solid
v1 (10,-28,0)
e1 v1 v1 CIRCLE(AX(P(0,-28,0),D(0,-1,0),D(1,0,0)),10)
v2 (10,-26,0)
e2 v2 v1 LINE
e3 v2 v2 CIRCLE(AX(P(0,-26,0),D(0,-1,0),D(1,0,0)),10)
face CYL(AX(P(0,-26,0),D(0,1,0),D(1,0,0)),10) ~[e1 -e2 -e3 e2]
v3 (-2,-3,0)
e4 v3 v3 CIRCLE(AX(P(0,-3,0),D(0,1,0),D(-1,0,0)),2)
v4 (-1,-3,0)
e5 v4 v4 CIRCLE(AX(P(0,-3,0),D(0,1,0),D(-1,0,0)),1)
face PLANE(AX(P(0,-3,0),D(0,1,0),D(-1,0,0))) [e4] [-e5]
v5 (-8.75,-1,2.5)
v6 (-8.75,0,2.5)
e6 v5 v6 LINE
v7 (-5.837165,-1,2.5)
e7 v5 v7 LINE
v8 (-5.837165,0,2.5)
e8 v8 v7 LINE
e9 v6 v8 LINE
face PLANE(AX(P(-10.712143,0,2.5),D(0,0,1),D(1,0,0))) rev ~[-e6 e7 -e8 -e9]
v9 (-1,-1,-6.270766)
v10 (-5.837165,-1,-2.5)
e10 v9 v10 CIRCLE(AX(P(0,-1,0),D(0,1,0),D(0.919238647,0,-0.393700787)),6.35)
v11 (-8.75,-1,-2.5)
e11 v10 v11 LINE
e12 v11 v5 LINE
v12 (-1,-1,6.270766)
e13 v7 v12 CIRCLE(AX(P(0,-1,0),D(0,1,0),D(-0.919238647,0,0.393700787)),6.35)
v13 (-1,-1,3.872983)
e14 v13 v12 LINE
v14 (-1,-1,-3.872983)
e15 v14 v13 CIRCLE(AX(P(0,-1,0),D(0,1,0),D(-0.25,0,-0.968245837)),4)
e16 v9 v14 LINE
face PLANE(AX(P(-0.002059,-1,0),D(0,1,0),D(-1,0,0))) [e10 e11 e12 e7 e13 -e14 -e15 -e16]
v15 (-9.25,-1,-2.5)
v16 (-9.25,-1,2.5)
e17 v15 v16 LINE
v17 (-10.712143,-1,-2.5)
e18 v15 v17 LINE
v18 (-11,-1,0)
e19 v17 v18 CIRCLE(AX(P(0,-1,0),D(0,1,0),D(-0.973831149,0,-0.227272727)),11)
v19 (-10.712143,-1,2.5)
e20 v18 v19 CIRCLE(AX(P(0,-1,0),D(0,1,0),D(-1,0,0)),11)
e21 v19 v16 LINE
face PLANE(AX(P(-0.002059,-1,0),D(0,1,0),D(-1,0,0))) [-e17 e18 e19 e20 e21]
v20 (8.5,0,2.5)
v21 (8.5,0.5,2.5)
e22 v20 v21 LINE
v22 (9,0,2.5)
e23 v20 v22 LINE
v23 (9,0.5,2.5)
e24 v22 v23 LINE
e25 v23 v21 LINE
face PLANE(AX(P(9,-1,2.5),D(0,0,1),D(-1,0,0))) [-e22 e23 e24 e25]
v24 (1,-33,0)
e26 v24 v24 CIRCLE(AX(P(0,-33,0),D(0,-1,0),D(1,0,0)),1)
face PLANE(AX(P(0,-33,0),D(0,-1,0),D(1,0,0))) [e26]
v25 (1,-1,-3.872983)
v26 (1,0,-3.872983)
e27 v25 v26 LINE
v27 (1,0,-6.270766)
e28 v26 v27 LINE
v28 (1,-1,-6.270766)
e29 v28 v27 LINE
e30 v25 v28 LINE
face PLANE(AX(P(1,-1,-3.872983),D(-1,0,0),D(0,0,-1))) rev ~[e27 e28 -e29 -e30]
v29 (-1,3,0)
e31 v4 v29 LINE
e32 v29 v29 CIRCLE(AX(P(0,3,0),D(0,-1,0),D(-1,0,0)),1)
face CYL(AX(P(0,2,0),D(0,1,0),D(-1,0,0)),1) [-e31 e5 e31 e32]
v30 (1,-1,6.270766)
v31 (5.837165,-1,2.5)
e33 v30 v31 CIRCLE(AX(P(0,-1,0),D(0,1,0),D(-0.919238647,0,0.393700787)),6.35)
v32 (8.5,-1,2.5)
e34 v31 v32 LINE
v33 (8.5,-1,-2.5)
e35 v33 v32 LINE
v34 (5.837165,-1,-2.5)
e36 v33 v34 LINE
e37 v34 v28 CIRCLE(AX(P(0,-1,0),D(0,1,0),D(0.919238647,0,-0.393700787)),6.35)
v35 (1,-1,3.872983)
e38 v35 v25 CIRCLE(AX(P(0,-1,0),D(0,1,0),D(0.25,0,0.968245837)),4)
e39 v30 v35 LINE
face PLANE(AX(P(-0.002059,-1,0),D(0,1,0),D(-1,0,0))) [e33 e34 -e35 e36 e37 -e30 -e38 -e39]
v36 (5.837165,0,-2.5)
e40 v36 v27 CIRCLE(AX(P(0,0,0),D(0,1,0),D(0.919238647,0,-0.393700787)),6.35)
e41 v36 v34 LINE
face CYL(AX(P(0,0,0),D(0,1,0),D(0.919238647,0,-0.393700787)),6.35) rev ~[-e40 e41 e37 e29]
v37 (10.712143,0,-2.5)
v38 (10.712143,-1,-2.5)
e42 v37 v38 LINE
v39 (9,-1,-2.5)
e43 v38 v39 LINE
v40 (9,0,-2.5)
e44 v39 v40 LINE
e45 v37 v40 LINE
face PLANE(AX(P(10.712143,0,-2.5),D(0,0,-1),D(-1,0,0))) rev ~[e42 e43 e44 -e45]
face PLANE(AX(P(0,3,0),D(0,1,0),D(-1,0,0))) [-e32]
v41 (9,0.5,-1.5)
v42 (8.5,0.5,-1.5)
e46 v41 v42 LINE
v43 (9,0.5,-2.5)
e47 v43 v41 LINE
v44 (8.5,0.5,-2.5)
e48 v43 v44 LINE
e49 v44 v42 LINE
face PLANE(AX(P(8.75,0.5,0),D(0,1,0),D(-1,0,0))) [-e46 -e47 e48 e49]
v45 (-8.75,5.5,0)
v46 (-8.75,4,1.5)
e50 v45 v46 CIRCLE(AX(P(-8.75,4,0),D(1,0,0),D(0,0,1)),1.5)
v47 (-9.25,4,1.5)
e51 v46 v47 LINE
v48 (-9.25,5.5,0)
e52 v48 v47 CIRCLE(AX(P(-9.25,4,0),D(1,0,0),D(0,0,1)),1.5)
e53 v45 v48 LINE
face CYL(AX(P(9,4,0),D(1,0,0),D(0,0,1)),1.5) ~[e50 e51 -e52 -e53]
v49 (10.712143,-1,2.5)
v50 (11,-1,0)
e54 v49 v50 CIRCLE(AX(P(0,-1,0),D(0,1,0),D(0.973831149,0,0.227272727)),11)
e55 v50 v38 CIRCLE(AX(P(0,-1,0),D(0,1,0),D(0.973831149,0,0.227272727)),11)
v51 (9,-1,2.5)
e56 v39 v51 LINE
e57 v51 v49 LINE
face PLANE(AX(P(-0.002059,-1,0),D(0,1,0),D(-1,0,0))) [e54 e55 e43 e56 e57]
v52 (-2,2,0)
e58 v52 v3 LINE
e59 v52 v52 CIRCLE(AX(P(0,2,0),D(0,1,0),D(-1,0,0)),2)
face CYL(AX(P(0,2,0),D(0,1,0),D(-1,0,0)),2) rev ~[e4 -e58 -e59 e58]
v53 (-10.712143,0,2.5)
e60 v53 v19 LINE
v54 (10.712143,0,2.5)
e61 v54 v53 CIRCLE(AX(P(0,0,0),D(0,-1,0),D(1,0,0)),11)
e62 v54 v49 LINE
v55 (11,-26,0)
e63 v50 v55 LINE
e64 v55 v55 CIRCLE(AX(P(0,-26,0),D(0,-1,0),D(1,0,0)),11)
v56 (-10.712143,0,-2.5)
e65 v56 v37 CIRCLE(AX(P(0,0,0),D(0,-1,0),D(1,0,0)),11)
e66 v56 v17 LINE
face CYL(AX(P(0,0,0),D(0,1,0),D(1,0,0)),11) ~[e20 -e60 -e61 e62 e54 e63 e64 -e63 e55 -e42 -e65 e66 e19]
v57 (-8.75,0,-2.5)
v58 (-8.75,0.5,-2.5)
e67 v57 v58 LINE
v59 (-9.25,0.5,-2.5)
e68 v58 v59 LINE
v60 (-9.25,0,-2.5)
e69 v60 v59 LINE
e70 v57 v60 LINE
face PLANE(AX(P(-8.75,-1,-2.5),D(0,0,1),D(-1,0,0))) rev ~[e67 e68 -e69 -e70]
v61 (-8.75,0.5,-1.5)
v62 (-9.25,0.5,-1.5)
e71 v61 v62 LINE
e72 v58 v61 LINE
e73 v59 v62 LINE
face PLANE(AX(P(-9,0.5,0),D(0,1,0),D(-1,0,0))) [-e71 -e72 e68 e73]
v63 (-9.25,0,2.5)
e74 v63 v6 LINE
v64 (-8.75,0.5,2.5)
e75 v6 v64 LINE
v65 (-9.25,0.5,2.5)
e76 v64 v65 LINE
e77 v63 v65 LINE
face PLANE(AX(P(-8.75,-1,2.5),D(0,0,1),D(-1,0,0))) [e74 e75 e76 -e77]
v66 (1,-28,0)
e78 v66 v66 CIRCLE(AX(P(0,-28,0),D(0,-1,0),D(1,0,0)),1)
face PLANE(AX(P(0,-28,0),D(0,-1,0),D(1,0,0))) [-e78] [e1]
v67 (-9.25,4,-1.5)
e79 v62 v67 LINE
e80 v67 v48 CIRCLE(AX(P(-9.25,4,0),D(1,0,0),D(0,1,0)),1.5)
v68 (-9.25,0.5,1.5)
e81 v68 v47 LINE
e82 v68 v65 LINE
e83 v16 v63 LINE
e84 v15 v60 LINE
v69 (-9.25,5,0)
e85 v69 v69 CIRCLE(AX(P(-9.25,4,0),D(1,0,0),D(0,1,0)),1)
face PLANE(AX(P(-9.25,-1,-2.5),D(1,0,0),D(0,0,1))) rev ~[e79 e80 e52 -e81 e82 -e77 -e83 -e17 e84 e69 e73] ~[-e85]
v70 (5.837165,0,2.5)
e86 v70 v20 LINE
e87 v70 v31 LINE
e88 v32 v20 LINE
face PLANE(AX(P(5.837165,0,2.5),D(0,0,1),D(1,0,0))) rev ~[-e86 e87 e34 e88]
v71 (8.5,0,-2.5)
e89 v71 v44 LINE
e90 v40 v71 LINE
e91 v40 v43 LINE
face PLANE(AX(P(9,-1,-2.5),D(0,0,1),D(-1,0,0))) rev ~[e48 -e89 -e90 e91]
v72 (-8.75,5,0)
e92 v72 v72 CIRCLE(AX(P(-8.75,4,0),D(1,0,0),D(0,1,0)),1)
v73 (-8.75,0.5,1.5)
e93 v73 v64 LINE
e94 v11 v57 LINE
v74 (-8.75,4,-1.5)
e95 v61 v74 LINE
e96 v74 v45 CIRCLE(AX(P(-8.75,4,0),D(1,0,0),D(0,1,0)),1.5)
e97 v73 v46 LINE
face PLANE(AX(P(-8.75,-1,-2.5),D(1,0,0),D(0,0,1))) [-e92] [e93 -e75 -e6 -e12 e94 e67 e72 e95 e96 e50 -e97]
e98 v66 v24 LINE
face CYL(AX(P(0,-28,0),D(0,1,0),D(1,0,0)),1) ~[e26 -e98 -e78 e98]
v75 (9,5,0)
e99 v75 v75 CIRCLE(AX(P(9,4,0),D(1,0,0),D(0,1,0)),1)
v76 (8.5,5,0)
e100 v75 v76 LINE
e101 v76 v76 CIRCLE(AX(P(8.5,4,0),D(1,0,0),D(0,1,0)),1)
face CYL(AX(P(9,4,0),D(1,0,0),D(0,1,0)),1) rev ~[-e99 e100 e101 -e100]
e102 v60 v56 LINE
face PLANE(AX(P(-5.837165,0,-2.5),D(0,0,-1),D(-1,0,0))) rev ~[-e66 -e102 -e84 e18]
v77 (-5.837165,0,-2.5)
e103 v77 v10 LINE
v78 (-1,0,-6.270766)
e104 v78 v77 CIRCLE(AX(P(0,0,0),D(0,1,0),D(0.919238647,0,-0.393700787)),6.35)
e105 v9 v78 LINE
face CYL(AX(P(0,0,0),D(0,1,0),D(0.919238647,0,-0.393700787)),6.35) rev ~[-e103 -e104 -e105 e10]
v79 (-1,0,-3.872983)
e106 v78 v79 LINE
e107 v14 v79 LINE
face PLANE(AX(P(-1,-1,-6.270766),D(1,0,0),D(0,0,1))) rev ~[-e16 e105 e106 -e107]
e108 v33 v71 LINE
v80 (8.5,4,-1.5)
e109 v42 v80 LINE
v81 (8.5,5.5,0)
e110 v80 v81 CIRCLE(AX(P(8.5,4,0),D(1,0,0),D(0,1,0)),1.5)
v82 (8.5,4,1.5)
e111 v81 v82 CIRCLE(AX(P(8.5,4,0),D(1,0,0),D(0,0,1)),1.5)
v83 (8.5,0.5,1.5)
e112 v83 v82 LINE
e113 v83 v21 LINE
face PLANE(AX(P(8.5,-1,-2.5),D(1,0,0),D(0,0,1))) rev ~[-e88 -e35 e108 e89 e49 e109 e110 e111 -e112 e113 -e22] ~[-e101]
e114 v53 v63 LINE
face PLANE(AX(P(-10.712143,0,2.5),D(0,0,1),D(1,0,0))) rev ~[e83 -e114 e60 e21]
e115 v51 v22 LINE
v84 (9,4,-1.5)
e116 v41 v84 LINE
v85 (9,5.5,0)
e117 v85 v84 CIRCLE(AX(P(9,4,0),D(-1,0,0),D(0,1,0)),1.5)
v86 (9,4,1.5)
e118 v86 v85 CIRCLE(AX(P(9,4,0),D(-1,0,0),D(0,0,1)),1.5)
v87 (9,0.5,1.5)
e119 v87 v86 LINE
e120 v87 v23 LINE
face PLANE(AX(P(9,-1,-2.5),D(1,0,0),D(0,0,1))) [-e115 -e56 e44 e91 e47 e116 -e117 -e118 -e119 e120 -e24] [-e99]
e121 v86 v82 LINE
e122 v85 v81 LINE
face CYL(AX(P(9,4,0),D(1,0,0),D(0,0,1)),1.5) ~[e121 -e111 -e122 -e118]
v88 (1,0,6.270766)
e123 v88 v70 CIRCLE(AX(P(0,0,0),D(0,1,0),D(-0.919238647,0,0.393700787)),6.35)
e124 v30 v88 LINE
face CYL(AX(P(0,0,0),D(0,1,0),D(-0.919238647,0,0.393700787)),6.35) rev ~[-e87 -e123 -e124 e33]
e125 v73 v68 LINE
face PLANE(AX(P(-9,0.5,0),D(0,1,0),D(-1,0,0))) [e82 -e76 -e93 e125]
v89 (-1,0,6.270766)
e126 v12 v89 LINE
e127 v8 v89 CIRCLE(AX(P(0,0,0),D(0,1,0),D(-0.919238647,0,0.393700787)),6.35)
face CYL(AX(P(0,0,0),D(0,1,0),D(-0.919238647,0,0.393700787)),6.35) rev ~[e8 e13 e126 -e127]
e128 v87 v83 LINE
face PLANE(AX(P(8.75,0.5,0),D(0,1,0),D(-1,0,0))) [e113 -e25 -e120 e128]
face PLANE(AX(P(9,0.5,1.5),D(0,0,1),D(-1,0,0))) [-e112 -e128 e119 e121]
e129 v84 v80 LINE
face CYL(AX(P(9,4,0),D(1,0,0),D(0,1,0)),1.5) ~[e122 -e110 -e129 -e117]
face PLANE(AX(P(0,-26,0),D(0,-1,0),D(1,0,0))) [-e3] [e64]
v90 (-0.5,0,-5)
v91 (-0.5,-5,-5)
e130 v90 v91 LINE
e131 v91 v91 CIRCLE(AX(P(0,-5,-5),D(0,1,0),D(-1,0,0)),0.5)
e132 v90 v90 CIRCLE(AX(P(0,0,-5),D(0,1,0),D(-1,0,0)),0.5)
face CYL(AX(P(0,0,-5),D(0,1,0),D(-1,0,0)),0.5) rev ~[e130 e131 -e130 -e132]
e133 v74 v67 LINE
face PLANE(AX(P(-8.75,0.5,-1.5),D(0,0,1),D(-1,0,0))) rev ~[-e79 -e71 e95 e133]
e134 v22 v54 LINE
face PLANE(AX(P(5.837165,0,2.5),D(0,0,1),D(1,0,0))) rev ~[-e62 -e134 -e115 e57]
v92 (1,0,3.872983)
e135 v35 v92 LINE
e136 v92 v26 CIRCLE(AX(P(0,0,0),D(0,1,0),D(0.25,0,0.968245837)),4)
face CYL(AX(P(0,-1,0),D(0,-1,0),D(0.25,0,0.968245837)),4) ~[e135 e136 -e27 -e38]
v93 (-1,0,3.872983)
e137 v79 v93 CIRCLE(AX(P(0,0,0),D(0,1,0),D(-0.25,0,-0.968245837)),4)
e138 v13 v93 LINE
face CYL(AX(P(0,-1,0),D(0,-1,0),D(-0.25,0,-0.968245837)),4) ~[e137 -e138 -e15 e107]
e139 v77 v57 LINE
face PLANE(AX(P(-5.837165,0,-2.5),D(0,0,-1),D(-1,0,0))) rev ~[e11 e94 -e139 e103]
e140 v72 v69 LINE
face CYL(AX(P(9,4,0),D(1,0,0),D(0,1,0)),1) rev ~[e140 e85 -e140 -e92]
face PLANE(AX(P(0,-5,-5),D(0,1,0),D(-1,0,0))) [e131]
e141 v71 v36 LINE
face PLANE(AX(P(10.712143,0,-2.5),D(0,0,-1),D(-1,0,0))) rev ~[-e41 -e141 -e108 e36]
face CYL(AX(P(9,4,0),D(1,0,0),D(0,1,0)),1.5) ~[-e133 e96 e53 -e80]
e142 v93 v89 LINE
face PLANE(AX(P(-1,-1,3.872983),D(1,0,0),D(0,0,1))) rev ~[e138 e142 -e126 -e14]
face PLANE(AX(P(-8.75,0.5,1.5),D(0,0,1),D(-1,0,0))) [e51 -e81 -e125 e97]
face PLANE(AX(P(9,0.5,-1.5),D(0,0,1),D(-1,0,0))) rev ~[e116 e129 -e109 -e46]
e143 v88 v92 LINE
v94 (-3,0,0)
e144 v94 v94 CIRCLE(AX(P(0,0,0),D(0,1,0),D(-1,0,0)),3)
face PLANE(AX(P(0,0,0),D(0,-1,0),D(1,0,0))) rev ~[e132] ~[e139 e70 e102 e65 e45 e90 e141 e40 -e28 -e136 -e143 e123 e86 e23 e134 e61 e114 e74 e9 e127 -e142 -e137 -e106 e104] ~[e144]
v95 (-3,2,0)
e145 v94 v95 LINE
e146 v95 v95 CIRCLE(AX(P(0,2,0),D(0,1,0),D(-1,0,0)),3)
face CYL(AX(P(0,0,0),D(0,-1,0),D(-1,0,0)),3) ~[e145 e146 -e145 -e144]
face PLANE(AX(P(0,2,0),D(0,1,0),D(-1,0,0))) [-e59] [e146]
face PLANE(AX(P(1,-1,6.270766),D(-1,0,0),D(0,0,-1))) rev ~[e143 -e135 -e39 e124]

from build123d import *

# Parameters (mm, degrees)
F0_R      = 11
F1_DEPTH  = 26
F2_R      = 10
F3_DEPTH  = 2
F4_R      = 1
F5_DEPTH  = 5
F7_DEPTH  = 1
F9_DEPTH  = 1
F10_R     = 3
F11_DEPTH = 2
F12_R     = 2
F12_R_2   = 1
F13_DEPTH = 5
F14_DEPTH = 1
F15_R     = 0.5
F16_DEPTH = 5
F17_W     = 0.5
F17_H     = 5
F18_DEPTH = 1.5
F19_W     = 0.5
F19_H     = 3
F20_DEPTH = 5
F21_W     = 0.5
F21_H     = 5
F22_DEPTH = 1.5
F23_W     = 0.5
F23_H     = 3
F24_DEPTH = 5
F26_DEPTH = 20.001
F27_DEPTH = 20.001
F25_R     = 1
F28_DEPTH = 20.001


with BuildPart() as f1:
    # F0 (on Front) → F1 (new body)
    with BuildSketch(Plane.XZ):
        Circle(F0_R)
    extrude(amount=F1_DEPTH)

    # F2 (on face) → F3 (join)
    with BuildSketch(Plane.XZ.offset(26)):
        Circle(F2_R)
    extrude(amount=F3_DEPTH)

    # F4 (on face) → F5 (join)
    with BuildSketch(Plane.XZ.offset(28)):
        Circle(F4_R)
    extrude(amount=F5_DEPTH)

    # F6 (on face) → F7 (cut)
    with BuildSketch(Plane(origin=(0, 0, 0), x_dir=(-1, 0, 0), z_dir=(0, 1, 0))):
        with BuildLine():
            Line((-10.7121426428, -2.5), (-5.837165408, -2.5))
            ThreePointArc((-5.837165408, -2.5), (0, -6.35), (5.837165408, -2.5))
            Line((5.837165408, -2.5), (10.7121426428, -2.5))
            ThreePointArc((10.7121426428, -2.5), (10.9277987049, -1.258258902), (11, 0))
            ThreePointArc((11, 0), (10.9277987049, 1.258258902), (10.7121426428, 2.5))
            Line((10.7121426428, 2.5), (5.837165408, 2.5))
            ThreePointArc((5.837165408, 2.5), (0, 6.35), (-5.837165408, 2.5))
            Line((-5.837165408, 2.5), (-10.7121426428, 2.5))
            ThreePointArc((-10.7121426428, 2.5), (-11, 0), (-10.7121426428, -2.5))
        make_face()
    extrude(amount=-F7_DEPTH, mode=Mode.SUBTRACT)

    # F8 (on face) → F9 (join)
    with BuildSketch(Plane(origin=(0, -1, 0), x_dir=(-1, 0, 0), z_dir=(0, 1, 0))):
        with BuildLine():
            Line((-1, 6.2707655035), (-1, 3.8729833462))
            ThreePointArc((-1, 3.8729833462), (-4, 0), (-1, -3.8729833462))
            Line((-1, -3.8729833462), (-1, -6.2707655035))
            ThreePointArc((-1, -6.2707655035), (0, -6.35), (1, -6.2707655035))
            Line((1, -6.2707655035), (1, -3.8729833462))
            ThreePointArc((1, -3.8729833462), (4, 0), (1, 3.8729833462))
            Line((1, 3.8729833462), (1, 6.2707655035))
            ThreePointArc((1, 6.2707655035), (0, 6.35), (-1, 6.2707655035))
        make_face()
    extrude(amount=F9_DEPTH)

    # F10 (on face) → F11 (join)
    with BuildSketch(Plane(origin=(0, 0, 0), x_dir=(-1, 0, 0), z_dir=(0, 1, 0))):
        Circle(F10_R)
    extrude(amount=F11_DEPTH)

    # F12 (on face) → F13 (cut)
    with BuildSketch(Plane(origin=(0, 2, 0), x_dir=(-1, 0, 0), z_dir=(0, 1, 0))):
        Circle(F12_R)
        Circle(F12_R_2, mode=Mode.SUBTRACT)
    extrude(amount=-F13_DEPTH, mode=Mode.SUBTRACT)

    # F14 (add): a face of the model
    f14_faces = [f1.faces().sort_by_distance(p)[0] for p in [
        (0, 2, 0),
    ]]
    extrude(f14_faces, amount=F14_DEPTH)

    # F15 (on face) → F16 (cut)
    with BuildSketch(Plane(origin=(0, 0, 0), x_dir=(-1, 0, 0), z_dir=(0, 1, 0))):
        with Locations((0, -5)):
            Circle(F15_R)
    extrude(amount=-F16_DEPTH, mode=Mode.SUBTRACT)

    # F17 (on face) → F18 (join)
    with BuildSketch(Plane(origin=(0, -1, 0), x_dir=(-1, 0, 0), z_dir=(0, 1, 0))):
        with Locations((-8.75, 0)):
            Rectangle(F17_W, F17_H)
    extrude(amount=F18_DEPTH)

    # F19 (on face) → F20 (join)
    with BuildSketch(Plane(origin=(0, 0.5, 0), x_dir=(-1, 0, 0), z_dir=(0, 1, 0))):
        with Locations((-8.75, 0)):
            Rectangle(F19_W, F19_H)
    extrude(amount=F20_DEPTH)

    # F21 (on face) → F22 (join)
    with BuildSketch(Plane(origin=(0, -1, 0), x_dir=(-1, 0, 0), z_dir=(0, 1, 0))):
        with Locations((9, 0)):
            Rectangle(F21_W, F21_H)
    extrude(amount=F22_DEPTH)

    # F23 (on face) → F24 (join)
    with BuildSketch(Plane(origin=(0, 0.5, 0), x_dir=(-1, 0, 0), z_dir=(0, 1, 0))):
        with Locations((9, 0)):
            Rectangle(F23_W, F23_H)
    extrude(amount=F24_DEPTH)

    # F25 (on face) → F26 (cut, through all)
    with BuildSketch(Plane.YZ.offset(9)):
        with BuildLine():
            ThreePointArc((4, 1.5), (5.0606601718, 1.0606601718), (5.5, 0))
            Line((5.5, 0), (5.5, 1.5))
            Line((5.5, 1.5), (4, 1.5))
        make_face()
    extrude(amount=-F26_DEPTH, mode=Mode.SUBTRACT)

    # F25 (on face) → F27 (cut, through all)
    with BuildSketch(Plane.YZ.offset(9)):
        with BuildLine():
            ThreePointArc((5.5, 0), (5.0606601718, -1.0606601718), (4, -1.5))
            Line((4, -1.5), (5.5, -1.5))
            Line((5.5, -1.5), (5.5, 0))
        make_face()
    extrude(amount=-F27_DEPTH, mode=Mode.SUBTRACT)

    # F25 (on face) → F28 (cut, through all)
    with BuildSketch(Plane.YZ.offset(9)):
        with Locations((4, 0)):
            Circle(F25_R)
    extrude(amount=-F28_DEPTH, mode=Mode.SUBTRACT)


solid = f1.part
